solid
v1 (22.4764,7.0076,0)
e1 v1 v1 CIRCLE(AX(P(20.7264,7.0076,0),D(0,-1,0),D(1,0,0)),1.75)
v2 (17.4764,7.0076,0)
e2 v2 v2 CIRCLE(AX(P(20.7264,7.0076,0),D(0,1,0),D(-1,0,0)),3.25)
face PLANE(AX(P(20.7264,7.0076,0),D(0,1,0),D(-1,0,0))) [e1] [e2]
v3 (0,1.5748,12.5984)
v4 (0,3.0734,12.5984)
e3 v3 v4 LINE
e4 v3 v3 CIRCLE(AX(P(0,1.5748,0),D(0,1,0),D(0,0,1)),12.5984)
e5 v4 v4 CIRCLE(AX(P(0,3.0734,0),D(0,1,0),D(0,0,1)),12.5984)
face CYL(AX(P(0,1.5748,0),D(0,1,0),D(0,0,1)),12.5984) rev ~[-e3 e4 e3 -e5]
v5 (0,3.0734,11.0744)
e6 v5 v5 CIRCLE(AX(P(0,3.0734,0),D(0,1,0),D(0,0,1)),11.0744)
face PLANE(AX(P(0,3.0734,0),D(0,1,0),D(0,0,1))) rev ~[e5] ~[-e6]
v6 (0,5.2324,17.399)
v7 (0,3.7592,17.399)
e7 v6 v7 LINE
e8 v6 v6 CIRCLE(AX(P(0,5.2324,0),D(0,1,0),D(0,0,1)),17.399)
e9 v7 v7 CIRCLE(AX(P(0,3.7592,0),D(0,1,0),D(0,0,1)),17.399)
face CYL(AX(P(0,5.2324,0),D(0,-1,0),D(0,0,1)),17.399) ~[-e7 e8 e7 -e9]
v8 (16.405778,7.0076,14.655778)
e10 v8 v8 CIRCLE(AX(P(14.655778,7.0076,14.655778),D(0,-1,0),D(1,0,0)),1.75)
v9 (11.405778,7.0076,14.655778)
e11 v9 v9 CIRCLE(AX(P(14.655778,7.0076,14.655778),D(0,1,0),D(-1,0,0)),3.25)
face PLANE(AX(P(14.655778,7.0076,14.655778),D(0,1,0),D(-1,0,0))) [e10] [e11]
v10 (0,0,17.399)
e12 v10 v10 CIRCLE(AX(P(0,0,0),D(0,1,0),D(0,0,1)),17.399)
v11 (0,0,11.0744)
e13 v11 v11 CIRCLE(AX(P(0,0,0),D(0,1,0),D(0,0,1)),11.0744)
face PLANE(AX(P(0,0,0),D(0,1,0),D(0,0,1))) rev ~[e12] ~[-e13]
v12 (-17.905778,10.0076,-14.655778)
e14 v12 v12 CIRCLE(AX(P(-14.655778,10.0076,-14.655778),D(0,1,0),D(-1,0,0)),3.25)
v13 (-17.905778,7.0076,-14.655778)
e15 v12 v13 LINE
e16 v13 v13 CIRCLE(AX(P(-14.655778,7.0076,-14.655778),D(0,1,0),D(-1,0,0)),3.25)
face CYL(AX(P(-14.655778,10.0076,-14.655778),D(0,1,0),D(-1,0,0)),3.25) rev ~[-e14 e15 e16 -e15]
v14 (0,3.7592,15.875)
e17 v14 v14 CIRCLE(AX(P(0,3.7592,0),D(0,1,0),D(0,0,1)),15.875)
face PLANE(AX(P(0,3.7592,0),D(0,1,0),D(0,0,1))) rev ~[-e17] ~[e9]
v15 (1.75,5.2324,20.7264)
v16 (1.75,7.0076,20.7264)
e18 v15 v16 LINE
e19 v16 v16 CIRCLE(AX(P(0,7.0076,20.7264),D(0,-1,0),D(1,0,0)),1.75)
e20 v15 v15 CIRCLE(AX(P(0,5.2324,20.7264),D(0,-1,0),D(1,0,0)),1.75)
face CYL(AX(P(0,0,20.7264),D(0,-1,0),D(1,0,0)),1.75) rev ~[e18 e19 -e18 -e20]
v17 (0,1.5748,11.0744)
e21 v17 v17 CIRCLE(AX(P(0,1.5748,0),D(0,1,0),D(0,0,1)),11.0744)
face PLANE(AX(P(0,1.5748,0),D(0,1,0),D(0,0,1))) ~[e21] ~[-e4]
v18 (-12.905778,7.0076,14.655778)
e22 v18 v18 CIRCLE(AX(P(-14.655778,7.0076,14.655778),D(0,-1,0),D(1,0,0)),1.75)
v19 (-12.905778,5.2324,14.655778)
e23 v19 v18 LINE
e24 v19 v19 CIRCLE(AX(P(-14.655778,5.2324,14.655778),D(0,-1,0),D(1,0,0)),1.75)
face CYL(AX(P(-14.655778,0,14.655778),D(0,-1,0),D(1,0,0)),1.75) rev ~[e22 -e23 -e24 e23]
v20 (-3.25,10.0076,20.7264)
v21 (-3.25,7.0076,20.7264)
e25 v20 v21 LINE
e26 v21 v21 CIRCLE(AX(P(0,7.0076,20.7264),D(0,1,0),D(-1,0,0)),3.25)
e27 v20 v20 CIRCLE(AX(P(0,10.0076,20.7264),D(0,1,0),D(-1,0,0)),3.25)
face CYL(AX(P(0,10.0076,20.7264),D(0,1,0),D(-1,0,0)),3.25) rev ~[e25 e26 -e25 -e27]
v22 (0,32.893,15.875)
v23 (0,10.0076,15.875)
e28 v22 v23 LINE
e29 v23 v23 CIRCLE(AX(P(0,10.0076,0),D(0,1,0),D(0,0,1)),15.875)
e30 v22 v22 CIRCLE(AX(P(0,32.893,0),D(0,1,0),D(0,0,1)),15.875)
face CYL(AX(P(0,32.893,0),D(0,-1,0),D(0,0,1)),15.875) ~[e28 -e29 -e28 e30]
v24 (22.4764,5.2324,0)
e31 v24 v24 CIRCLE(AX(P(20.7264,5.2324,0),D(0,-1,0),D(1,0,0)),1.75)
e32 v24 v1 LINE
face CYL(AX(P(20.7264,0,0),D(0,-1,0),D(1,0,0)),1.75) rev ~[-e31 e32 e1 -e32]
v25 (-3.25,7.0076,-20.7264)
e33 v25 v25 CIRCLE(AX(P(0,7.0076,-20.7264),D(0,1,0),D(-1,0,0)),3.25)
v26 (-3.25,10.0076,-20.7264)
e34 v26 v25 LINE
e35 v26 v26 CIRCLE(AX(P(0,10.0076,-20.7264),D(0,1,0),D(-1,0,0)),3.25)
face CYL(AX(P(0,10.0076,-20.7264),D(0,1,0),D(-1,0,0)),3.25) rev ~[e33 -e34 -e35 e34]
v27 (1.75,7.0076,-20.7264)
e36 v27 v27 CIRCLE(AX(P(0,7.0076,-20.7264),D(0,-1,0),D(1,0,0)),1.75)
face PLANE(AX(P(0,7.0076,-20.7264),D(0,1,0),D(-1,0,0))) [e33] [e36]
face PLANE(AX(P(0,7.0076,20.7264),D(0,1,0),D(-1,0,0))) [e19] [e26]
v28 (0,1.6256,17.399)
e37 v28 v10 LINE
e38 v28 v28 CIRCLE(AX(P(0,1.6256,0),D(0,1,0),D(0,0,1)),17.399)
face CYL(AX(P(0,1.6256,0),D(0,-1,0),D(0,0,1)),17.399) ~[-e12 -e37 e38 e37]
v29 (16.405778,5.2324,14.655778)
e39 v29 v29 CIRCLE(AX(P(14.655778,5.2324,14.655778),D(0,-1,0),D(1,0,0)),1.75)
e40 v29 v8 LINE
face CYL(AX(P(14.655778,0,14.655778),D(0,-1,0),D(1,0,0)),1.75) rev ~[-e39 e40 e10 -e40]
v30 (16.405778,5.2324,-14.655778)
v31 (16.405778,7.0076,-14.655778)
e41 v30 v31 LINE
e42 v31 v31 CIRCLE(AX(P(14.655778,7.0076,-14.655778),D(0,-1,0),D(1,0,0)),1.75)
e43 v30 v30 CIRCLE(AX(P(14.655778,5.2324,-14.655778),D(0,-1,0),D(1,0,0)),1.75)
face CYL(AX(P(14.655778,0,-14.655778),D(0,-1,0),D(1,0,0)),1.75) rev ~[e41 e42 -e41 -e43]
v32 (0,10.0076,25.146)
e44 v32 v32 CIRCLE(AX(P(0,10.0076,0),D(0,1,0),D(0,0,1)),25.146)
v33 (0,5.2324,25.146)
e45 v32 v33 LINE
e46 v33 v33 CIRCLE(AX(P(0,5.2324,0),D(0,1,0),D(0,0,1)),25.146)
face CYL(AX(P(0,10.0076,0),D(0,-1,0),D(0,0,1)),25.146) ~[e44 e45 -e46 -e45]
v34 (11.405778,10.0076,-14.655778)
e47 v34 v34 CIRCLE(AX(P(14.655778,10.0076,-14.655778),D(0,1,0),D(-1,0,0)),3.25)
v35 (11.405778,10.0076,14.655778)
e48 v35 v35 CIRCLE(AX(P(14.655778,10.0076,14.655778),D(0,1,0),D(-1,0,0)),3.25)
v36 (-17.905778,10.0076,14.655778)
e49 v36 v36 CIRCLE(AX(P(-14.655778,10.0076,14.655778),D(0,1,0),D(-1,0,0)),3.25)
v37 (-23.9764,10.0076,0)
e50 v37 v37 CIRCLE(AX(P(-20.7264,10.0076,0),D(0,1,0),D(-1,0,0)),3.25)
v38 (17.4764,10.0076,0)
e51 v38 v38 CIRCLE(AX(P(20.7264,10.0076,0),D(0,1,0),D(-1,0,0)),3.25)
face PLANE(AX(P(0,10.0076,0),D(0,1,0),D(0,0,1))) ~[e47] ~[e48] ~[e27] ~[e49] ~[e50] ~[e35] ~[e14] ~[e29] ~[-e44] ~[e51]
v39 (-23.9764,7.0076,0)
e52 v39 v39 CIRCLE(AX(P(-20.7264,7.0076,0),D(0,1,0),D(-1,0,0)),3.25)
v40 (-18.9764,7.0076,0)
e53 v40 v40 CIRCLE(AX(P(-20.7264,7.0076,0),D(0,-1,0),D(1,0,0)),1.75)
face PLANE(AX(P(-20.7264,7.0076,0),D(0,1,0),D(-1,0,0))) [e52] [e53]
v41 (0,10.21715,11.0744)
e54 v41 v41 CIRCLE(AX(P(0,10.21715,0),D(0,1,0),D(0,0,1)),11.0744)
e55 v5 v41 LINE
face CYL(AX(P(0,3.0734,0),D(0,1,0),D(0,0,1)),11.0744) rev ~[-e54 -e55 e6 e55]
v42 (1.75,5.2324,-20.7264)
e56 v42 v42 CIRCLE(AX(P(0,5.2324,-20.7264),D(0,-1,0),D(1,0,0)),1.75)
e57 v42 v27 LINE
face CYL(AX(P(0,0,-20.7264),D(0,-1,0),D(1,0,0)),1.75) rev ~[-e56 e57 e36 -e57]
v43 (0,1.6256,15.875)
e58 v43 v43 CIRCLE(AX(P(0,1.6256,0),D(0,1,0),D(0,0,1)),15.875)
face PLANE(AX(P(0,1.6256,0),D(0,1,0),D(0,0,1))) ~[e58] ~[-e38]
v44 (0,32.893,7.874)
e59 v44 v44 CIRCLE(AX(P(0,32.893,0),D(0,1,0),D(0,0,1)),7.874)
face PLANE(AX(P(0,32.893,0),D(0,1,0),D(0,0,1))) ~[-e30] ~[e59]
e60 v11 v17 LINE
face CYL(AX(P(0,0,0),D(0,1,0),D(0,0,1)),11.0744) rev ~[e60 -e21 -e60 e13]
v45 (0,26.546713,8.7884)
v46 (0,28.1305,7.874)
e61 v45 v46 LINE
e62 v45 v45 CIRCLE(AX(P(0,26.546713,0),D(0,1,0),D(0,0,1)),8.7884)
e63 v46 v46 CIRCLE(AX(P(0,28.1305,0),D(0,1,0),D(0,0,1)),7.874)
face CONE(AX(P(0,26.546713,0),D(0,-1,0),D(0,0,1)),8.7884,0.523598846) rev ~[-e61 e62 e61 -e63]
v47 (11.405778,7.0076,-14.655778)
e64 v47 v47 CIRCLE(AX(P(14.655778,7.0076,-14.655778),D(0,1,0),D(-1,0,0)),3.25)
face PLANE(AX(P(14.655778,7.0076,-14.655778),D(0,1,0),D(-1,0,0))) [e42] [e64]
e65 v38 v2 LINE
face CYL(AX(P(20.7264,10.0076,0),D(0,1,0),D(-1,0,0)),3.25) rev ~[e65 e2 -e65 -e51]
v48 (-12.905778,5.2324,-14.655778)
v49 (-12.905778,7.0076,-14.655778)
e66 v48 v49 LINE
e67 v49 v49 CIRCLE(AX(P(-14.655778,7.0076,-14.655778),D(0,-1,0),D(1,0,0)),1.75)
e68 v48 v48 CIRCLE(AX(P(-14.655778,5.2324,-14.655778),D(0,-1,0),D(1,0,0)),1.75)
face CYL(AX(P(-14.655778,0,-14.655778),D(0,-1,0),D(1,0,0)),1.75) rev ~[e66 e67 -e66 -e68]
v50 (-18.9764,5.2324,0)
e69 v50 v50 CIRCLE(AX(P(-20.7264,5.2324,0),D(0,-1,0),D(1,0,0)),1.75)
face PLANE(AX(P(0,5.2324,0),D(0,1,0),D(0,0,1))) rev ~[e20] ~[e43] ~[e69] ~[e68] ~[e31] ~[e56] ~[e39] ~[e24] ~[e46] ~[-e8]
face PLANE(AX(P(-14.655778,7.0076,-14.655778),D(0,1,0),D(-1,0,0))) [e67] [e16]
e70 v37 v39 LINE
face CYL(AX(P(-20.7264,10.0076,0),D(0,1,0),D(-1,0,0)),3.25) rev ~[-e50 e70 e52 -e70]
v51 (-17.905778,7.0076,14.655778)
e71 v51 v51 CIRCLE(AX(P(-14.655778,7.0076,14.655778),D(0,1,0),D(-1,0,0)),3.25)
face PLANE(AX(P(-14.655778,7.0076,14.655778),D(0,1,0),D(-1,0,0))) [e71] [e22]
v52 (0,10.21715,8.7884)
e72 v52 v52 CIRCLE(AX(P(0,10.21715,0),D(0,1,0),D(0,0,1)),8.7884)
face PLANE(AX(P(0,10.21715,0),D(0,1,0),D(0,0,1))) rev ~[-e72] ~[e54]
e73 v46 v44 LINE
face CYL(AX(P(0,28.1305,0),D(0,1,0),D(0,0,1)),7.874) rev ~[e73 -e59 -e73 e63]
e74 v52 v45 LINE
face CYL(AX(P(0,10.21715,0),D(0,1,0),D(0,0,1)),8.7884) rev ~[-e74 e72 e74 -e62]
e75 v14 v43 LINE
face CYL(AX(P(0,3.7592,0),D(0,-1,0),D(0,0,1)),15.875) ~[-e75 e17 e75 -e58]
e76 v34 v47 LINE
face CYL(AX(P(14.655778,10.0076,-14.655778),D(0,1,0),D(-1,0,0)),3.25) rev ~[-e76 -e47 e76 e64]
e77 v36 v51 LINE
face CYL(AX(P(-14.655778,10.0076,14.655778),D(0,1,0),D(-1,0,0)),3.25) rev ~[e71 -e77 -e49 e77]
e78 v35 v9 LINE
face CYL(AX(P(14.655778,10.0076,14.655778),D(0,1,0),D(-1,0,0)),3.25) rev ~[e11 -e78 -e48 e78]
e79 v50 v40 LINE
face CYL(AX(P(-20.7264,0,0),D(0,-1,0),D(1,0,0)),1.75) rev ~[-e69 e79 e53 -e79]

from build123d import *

# Parameters (mm, degrees)
F2_R     = 3.25
F3_DEPTH = 3
F4_R     = 1.75
F5_DEPTH = 32.894


with BuildPart() as f1:
    # F0 (on Right) → F1 (revolve)
    with BuildSketch(Plane.YZ):
        Polygon((1.6256, 17.399), (0, 17.399), (0, 11.0744), (1.5748, 11.0744), (1.5748, 12.5984), (3.0734, 12.5984), (3.0734, 11.0744), (10.21715, 11.0744), (10.21715, 8.7884), (26.546713, 8.7884), (28.1305, 7.874), (32.893, 7.874), (32.893, 15.875), (10.0076, 15.875), (10.0076, 25.146), (5.2324, 25.146), (5.2324, 17.399), (3.7592, 17.399), (3.7592, 15.875), (1.6256, 15.875), align=None)
    revolve(axis=Axis((0, 16.4465, 0), (0, 1, 0)))

    # F2 (on face) → F3 (cut)
    with BuildSketch(Plane(origin=(0, 10.0076, 0), x_dir=(-1, 0, 0), z_dir=(0, 1, 0))):
        with Locations((0, 20.7264)):
            Circle(F2_R)
        with Locations((-14.655778, 14.655778)):
            Circle(F2_R)
        with Locations((-20.7264, 0)):
            Circle(F2_R)
        with Locations((-14.655778, -14.655778)):
            Circle(F2_R)
        with Locations((0, -20.7264)):
            Circle(F2_R)
        with Locations((14.655778, -14.655778)):
            Circle(F2_R)
        with Locations((20.7264, 0)):
            Circle(F2_R)
        with Locations((14.655778, 14.655778)):
            Circle(F2_R)
    extrude(amount=-F3_DEPTH, mode=Mode.SUBTRACT)

    # F4 (on Front) → F5 (cut, through all)
    with BuildSketch(Plane.XZ):
        with Locations((0, 20.7264)):
            Circle(F4_R)
        with Locations((-14.655778, 14.655778)):
            Circle(F4_R)
        with Locations((-20.7264, 0)):
            Circle(F4_R)
        with Locations((-14.655778, -14.655778)):
            Circle(F4_R)
        with Locations((0, -20.7264)):
            Circle(F4_R)
        with Locations((14.655778, -14.655778)):
            Circle(F4_R)
        with Locations((20.7264, 0)):
            Circle(F4_R)
        with Locations((14.655778, 14.655778)):
            Circle(F4_R)
    extrude(amount=-F5_DEPTH, mode=Mode.SUBTRACT)


solid = f1.part
